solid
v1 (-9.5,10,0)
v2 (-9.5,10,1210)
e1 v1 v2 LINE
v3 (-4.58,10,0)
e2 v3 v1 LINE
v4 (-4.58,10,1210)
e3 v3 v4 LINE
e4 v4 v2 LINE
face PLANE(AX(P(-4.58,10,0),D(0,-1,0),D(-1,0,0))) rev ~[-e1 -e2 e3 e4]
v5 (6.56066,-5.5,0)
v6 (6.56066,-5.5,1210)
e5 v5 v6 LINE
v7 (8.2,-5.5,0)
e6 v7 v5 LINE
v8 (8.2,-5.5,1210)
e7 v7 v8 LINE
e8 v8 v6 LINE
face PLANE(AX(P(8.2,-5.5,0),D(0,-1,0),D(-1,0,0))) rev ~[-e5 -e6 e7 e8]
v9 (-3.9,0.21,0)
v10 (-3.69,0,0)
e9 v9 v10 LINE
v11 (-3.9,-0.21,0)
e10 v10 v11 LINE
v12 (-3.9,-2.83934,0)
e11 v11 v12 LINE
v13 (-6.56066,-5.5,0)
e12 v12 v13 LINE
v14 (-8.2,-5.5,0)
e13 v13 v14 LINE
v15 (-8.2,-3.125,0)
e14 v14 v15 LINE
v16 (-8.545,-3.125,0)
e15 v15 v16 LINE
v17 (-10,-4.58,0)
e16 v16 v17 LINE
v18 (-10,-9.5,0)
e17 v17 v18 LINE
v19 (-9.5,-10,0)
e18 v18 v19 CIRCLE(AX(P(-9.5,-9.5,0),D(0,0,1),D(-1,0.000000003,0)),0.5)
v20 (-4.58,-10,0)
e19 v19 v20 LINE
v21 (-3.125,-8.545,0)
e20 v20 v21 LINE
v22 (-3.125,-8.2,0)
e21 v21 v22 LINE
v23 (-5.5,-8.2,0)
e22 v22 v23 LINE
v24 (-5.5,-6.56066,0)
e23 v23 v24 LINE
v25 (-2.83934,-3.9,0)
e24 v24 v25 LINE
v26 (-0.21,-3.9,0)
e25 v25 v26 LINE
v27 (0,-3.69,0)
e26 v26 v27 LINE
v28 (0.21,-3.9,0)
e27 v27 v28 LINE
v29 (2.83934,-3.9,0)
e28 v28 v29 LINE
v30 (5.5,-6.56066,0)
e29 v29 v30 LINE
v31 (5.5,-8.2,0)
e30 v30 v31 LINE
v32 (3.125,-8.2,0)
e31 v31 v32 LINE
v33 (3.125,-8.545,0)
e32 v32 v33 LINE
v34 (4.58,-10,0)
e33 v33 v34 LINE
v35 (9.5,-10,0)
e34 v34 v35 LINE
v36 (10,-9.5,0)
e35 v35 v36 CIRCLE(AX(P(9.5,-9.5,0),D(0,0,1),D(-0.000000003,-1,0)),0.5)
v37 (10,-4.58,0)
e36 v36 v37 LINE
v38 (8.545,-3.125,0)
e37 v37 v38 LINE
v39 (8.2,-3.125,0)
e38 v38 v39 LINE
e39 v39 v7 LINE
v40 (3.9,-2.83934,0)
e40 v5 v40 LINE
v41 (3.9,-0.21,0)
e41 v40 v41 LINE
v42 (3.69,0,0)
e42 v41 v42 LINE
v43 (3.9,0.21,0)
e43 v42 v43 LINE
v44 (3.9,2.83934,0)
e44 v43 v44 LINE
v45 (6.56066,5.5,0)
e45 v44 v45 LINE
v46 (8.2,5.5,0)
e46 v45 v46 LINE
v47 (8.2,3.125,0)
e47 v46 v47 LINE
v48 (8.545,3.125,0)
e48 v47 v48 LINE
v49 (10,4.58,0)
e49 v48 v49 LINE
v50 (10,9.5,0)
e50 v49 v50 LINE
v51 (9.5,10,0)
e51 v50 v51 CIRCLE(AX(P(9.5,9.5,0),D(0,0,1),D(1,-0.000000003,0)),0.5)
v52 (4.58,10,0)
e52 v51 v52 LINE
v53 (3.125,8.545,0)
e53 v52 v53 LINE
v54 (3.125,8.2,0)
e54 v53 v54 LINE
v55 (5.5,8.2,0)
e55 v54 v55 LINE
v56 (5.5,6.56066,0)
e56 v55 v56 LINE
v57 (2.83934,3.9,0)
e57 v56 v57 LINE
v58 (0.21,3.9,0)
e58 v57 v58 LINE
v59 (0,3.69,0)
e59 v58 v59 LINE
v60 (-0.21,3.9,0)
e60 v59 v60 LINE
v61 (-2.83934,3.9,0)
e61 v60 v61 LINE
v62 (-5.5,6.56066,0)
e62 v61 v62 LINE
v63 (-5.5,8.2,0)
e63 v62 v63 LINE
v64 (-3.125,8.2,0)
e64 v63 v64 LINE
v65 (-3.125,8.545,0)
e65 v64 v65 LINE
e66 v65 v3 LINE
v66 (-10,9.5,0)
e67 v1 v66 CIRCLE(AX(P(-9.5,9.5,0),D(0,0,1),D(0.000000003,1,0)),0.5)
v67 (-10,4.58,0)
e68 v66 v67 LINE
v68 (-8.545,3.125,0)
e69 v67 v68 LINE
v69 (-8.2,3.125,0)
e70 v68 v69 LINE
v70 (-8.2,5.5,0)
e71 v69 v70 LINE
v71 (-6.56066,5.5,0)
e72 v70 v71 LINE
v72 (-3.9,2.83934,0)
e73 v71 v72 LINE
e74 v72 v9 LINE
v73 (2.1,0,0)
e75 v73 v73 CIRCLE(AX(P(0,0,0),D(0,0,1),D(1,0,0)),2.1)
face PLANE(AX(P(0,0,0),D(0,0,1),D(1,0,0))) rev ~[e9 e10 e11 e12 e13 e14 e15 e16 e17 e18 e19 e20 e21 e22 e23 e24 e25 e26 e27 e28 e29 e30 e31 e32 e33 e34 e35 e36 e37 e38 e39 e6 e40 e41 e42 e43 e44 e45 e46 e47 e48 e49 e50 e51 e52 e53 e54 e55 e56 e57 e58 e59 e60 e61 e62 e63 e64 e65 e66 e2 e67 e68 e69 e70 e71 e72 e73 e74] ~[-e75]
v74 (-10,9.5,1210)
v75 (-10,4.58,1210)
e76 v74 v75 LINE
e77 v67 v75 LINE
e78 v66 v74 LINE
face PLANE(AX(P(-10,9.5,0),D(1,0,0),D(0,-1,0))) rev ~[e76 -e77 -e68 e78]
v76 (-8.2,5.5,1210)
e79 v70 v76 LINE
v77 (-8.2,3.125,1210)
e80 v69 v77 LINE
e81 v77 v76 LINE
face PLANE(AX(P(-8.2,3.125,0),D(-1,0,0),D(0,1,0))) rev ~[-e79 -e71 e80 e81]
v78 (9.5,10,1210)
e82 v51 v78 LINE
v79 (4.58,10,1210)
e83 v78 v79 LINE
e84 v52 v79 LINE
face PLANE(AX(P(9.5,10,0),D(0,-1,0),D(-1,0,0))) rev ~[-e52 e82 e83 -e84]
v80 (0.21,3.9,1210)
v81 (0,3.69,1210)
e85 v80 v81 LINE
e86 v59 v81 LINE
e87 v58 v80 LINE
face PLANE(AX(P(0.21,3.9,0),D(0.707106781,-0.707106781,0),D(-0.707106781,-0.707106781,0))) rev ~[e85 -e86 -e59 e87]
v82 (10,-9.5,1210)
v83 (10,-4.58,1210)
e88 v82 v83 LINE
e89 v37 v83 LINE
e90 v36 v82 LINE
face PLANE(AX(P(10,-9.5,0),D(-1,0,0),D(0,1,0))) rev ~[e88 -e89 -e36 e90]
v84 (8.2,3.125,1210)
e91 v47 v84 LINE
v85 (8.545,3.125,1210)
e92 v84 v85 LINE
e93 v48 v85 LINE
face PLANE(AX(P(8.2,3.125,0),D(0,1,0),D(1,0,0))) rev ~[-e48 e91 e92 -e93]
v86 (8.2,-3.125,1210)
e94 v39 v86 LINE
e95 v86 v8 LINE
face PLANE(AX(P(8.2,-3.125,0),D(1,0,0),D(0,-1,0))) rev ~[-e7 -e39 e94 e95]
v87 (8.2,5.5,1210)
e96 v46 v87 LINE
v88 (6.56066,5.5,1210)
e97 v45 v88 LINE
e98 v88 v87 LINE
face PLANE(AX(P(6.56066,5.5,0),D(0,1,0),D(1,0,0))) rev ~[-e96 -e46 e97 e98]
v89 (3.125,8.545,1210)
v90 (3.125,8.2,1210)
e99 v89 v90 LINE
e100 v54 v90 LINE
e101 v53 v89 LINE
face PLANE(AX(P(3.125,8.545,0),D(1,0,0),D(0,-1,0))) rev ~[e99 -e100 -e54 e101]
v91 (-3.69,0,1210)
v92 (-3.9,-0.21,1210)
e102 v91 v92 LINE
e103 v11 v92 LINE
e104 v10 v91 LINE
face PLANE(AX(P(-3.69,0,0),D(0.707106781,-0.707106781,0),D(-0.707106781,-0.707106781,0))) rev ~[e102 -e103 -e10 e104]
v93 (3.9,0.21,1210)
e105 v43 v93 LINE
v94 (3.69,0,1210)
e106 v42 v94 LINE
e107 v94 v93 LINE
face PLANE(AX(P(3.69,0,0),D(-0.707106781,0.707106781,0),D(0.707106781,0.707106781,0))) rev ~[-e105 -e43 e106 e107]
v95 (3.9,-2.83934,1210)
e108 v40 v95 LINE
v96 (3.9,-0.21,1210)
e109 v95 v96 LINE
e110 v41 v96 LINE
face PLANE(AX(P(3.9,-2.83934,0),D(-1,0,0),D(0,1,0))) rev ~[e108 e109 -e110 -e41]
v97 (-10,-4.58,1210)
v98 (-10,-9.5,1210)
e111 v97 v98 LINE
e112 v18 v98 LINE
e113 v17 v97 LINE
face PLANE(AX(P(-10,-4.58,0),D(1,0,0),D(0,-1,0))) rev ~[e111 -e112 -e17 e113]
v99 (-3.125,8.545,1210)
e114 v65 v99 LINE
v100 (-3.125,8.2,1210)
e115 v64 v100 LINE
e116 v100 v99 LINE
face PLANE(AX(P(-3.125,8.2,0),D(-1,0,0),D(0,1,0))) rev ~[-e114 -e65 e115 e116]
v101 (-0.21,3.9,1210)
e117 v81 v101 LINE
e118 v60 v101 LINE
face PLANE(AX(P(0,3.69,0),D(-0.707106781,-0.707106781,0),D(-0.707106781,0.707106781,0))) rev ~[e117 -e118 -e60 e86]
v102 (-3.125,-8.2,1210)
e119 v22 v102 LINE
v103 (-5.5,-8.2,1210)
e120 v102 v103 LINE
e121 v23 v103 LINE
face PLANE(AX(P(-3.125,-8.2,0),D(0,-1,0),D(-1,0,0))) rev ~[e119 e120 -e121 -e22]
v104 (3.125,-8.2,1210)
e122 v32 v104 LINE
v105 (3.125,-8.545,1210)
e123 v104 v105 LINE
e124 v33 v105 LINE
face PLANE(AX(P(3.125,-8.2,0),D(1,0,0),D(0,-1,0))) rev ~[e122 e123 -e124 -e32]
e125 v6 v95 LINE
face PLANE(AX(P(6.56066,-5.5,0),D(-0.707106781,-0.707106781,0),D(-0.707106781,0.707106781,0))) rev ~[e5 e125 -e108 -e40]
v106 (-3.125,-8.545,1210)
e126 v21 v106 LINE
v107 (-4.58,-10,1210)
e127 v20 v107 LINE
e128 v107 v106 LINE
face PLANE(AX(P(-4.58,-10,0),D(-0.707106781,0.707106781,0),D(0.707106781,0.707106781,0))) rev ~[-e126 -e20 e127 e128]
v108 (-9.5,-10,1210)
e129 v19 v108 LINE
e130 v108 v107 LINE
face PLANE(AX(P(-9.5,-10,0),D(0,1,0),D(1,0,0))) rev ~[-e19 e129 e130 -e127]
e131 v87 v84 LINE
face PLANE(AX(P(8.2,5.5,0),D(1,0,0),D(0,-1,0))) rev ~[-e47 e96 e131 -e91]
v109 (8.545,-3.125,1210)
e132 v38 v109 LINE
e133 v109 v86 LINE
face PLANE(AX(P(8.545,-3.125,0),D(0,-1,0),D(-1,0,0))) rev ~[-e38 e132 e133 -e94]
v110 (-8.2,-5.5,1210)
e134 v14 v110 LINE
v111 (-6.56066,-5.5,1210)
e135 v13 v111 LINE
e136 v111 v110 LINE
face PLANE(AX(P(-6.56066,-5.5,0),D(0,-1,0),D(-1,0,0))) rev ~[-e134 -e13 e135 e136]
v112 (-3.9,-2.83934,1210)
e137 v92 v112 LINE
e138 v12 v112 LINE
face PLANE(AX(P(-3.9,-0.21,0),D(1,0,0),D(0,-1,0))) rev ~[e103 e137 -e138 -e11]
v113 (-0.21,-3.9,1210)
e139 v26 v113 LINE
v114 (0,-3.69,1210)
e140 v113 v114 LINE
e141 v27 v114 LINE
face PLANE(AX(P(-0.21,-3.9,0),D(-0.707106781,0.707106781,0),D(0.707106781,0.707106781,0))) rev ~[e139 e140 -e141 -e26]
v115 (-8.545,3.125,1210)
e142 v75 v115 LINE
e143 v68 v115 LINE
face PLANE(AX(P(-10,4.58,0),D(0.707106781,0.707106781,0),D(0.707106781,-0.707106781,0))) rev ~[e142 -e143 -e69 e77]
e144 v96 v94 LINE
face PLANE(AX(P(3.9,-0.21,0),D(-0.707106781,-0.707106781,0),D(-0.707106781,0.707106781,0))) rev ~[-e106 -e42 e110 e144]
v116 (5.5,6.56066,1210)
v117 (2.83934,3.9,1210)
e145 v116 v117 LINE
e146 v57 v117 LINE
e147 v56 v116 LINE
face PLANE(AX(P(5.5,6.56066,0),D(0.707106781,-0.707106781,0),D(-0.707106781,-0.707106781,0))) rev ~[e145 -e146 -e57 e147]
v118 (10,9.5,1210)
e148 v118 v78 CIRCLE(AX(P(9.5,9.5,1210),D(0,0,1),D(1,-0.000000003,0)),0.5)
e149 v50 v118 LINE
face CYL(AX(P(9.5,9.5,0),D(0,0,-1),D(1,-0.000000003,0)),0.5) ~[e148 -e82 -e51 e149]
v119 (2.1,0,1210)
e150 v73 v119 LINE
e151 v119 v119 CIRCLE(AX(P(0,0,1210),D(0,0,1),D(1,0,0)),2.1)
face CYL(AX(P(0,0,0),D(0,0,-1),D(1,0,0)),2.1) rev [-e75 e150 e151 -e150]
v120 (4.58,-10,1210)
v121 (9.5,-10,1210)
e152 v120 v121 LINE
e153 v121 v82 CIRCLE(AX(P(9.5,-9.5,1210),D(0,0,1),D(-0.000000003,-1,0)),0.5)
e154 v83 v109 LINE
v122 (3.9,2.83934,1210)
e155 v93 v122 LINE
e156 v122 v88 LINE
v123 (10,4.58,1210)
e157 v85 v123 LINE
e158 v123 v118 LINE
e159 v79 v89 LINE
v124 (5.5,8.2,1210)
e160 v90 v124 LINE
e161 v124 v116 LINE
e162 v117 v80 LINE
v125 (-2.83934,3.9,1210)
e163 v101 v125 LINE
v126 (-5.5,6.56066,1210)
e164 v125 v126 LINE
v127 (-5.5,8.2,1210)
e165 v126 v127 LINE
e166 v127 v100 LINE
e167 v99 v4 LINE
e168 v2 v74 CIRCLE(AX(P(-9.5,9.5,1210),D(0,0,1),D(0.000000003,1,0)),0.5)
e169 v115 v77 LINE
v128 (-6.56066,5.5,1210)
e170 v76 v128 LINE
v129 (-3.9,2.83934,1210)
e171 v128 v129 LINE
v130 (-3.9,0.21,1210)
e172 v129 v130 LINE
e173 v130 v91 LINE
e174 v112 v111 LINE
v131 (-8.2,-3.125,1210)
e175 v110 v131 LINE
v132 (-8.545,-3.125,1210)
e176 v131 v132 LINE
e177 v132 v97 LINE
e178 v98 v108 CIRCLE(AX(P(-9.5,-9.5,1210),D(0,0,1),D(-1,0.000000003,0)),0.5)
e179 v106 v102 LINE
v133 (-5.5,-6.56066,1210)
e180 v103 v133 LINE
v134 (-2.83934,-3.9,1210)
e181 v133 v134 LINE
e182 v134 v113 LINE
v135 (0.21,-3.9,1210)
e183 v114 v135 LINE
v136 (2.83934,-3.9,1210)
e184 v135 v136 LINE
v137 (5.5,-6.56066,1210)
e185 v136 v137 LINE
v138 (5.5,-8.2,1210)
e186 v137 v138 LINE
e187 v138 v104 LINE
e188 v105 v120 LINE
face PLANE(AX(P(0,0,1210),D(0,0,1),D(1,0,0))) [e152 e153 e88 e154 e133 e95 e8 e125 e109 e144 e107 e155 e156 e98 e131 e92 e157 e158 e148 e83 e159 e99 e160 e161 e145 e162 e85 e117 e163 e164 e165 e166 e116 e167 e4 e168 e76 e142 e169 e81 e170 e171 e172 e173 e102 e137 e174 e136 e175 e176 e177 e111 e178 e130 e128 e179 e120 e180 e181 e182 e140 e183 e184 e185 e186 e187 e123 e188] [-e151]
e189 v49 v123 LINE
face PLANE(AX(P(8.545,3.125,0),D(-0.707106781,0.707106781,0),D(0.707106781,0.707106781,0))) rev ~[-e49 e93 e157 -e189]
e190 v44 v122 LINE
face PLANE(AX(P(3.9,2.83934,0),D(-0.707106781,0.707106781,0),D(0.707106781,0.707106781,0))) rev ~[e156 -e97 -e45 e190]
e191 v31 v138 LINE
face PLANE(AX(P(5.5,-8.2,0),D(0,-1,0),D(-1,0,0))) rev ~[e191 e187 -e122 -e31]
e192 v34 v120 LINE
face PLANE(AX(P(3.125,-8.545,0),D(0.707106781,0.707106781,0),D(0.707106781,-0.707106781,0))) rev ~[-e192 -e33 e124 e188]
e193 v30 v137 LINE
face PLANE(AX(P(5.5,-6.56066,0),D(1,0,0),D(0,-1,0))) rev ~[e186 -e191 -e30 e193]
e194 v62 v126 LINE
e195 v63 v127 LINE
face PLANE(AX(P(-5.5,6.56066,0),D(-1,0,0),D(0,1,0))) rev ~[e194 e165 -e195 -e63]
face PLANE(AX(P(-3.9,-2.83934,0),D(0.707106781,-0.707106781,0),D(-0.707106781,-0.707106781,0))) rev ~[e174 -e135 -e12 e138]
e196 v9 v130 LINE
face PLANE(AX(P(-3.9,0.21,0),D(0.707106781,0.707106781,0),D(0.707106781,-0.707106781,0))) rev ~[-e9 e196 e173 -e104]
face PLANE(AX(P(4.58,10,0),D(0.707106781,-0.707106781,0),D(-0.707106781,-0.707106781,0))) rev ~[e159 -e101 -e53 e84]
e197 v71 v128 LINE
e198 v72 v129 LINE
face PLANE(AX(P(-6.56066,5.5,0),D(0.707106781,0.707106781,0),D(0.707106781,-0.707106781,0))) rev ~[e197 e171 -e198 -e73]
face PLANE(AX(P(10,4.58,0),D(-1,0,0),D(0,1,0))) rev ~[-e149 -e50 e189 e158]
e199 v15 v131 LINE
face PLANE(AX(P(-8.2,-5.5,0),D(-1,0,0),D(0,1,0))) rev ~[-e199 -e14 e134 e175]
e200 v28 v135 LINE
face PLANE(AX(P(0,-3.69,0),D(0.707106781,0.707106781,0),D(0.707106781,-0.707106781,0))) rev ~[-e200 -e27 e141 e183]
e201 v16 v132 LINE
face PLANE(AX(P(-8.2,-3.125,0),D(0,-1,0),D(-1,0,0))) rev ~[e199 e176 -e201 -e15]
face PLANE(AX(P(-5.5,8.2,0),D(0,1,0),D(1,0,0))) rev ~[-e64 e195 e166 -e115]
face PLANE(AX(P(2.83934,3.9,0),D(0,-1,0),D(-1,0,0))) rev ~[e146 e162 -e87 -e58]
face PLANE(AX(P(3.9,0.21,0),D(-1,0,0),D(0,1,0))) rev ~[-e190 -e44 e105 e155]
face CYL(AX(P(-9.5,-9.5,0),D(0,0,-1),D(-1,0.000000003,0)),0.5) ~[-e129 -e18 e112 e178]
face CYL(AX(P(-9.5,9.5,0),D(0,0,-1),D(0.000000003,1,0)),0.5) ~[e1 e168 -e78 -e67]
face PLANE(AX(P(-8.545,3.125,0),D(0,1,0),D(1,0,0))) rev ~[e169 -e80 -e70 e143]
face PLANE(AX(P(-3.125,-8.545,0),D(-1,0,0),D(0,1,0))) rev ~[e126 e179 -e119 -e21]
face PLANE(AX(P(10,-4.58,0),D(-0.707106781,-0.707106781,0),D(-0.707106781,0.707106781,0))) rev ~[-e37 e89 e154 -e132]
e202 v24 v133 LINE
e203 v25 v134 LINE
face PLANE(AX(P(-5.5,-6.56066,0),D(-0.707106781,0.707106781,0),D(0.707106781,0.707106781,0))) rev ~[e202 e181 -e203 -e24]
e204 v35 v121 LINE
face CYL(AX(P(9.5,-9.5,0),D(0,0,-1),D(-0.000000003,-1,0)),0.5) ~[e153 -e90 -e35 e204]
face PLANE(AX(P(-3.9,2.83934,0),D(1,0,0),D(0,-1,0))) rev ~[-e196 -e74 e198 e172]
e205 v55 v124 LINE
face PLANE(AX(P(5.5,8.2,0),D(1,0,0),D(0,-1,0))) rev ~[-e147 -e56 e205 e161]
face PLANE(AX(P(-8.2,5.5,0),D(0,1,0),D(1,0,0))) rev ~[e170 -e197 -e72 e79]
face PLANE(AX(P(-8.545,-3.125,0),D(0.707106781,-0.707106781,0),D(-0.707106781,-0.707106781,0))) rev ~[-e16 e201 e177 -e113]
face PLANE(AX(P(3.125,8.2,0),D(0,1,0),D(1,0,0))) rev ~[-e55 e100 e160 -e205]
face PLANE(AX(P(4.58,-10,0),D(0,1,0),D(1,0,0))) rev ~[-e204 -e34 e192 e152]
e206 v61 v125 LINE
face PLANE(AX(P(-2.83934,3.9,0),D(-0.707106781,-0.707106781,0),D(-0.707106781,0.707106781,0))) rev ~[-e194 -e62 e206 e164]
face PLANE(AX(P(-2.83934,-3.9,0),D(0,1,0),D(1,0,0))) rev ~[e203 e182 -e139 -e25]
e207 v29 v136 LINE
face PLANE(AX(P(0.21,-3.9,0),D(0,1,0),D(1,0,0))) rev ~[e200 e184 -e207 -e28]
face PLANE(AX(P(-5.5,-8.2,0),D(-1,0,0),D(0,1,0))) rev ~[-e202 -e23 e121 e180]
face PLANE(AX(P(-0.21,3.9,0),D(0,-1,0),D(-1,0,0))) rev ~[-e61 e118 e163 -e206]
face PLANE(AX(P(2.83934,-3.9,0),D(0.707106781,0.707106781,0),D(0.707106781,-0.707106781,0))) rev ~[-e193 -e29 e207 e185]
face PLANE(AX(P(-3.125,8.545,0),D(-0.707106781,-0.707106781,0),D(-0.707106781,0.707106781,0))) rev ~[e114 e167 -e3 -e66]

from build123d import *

# Parameters (mm, degrees)
SKETCH1_R           = 2.1
BOSS_EXTRUDE1_DEPTH = 1210


with BuildPart() as part:
    # Sketch1 → Boss-Extrude1 (new body)
    with BuildSketch(Plane.XY):
        with BuildLine():
            Line((4.58, -10), (9.5, -10))
            ThreePointArc((9.5, -10), (9.853553391, -9.853553391), (10, -9.5))
            Line((10, -9.5), (10, -4.58))
            Line((10, -4.58), (8.545, -3.125))
            Line((8.545, -3.125), (8.2, -3.125))
            Line((8.2, -3.125), (8.2, -5.5))
            Line((8.2, -5.5), (6.560660172, -5.5))
            Line((6.560660172, -5.5), (3.9, -2.839339828))
            Line((3.9, -2.839339828), (3.9, -0.21))
            Line((3.9, -0.21), (3.69, 0))
            Line((3.69, 0), (3.9, 0.21))
            Line((3.9, 0.21), (3.9, 2.839339828))
            Line((3.9, 2.839339828), (6.560660172, 5.5))
            Line((6.560660172, 5.5), (8.2, 5.5))
            Line((8.2, 5.5), (8.2, 3.125))
            Line((8.2, 3.125), (8.545, 3.125))
            Line((8.545, 3.125), (10, 4.58))
            Line((10, 4.58), (10, 9.5))
            ThreePointArc((10, 9.5), (9.853553391, 9.853553391), (9.5, 10))
            Line((9.5, 10), (4.58, 10))
            Line((4.58, 10), (3.125, 8.545))
            Line((3.125, 8.545), (3.125, 8.2))
            Line((3.125, 8.2), (5.5, 8.2))
            Line((5.5, 8.2), (5.5, 6.560660172))
            Line((5.5, 6.560660172), (2.839339828, 3.9))
            Line((2.839339828, 3.9), (0.21, 3.9))
            Line((0.21, 3.9), (0, 3.69))
            Line((0, 3.69), (-0.21, 3.9))
            Line((-0.21, 3.9), (-2.839339828, 3.9))
            Line((-2.839339828, 3.9), (-5.5, 6.560660172))
            Line((-5.5, 6.560660172), (-5.5, 8.2))
            Line((-5.5, 8.2), (-3.125, 8.2))
            Line((-3.125, 8.2), (-3.125, 8.545))
            Line((-3.125, 8.545), (-4.58, 10))
            Line((-4.58, 10), (-9.5, 10))
            ThreePointArc((-9.5, 10), (-9.853553391, 9.853553391), (-10, 9.5))
            Line((-10, 9.5), (-10, 4.58))
            Line((-10, 4.58), (-8.545, 3.125))
            Line((-8.545, 3.125), (-8.2, 3.125))
            Line((-8.2, 3.125), (-8.2, 5.5))
            Line((-8.2, 5.5), (-6.560660172, 5.5))
            Line((-6.560660172, 5.5), (-3.9, 2.839339828))
            Line((-3.9, 2.839339828), (-3.9, 0.21))
            Line((-3.9, 0.21), (-3.69, 0))
            Line((-3.69, 0), (-3.9, -0.21))
            Line((-3.9, -0.21), (-3.9, -2.839339828))
            Line((-3.9, -2.839339828), (-6.560660172, -5.5))
            Line((-6.560660172, -5.5), (-8.2, -5.5))
            Line((-8.2, -5.5), (-8.2, -3.125))
            Line((-8.2, -3.125), (-8.545, -3.125))
            Line((-8.545, -3.125), (-10, -4.58))
            Line((-10, -4.58), (-10, -9.5))
            ThreePointArc((-10, -9.5), (-9.853553391, -9.853553391), (-9.5, -10))
            Line((-9.5, -10), (-4.58, -10))
            Line((-4.58, -10), (-3.125, -8.545))
            Line((-3.125, -8.545), (-3.125, -8.2))
            Line((-3.125, -8.2), (-5.5, -8.2))
            Line((-5.5, -8.2), (-5.5, -6.560660172))
            Line((-5.5, -6.560660172), (-2.839339828, -3.9))
            Line((-2.839339828, -3.9), (-0.21, -3.9))
            Line((-0.21, -3.9), (0, -3.69))
            Line((0, -3.69), (0.21, -3.9))
            Line((0.21, -3.9), (2.839339828, -3.9))
            Line((2.839339828, -3.9), (5.5, -6.560660172))
            Line((5.5, -6.560660172), (5.5, -8.2))
            Line((5.5, -8.2), (3.125, -8.2))
            Line((3.125, -8.2), (3.125, -8.545))
            Line((3.125, -8.545), (4.58, -10))
        make_face()
        Circle(SKETCH1_R, mode=Mode.SUBTRACT)
    extrude(amount=BOSS_EXTRUDE1_DEPTH)


solid = part.part
